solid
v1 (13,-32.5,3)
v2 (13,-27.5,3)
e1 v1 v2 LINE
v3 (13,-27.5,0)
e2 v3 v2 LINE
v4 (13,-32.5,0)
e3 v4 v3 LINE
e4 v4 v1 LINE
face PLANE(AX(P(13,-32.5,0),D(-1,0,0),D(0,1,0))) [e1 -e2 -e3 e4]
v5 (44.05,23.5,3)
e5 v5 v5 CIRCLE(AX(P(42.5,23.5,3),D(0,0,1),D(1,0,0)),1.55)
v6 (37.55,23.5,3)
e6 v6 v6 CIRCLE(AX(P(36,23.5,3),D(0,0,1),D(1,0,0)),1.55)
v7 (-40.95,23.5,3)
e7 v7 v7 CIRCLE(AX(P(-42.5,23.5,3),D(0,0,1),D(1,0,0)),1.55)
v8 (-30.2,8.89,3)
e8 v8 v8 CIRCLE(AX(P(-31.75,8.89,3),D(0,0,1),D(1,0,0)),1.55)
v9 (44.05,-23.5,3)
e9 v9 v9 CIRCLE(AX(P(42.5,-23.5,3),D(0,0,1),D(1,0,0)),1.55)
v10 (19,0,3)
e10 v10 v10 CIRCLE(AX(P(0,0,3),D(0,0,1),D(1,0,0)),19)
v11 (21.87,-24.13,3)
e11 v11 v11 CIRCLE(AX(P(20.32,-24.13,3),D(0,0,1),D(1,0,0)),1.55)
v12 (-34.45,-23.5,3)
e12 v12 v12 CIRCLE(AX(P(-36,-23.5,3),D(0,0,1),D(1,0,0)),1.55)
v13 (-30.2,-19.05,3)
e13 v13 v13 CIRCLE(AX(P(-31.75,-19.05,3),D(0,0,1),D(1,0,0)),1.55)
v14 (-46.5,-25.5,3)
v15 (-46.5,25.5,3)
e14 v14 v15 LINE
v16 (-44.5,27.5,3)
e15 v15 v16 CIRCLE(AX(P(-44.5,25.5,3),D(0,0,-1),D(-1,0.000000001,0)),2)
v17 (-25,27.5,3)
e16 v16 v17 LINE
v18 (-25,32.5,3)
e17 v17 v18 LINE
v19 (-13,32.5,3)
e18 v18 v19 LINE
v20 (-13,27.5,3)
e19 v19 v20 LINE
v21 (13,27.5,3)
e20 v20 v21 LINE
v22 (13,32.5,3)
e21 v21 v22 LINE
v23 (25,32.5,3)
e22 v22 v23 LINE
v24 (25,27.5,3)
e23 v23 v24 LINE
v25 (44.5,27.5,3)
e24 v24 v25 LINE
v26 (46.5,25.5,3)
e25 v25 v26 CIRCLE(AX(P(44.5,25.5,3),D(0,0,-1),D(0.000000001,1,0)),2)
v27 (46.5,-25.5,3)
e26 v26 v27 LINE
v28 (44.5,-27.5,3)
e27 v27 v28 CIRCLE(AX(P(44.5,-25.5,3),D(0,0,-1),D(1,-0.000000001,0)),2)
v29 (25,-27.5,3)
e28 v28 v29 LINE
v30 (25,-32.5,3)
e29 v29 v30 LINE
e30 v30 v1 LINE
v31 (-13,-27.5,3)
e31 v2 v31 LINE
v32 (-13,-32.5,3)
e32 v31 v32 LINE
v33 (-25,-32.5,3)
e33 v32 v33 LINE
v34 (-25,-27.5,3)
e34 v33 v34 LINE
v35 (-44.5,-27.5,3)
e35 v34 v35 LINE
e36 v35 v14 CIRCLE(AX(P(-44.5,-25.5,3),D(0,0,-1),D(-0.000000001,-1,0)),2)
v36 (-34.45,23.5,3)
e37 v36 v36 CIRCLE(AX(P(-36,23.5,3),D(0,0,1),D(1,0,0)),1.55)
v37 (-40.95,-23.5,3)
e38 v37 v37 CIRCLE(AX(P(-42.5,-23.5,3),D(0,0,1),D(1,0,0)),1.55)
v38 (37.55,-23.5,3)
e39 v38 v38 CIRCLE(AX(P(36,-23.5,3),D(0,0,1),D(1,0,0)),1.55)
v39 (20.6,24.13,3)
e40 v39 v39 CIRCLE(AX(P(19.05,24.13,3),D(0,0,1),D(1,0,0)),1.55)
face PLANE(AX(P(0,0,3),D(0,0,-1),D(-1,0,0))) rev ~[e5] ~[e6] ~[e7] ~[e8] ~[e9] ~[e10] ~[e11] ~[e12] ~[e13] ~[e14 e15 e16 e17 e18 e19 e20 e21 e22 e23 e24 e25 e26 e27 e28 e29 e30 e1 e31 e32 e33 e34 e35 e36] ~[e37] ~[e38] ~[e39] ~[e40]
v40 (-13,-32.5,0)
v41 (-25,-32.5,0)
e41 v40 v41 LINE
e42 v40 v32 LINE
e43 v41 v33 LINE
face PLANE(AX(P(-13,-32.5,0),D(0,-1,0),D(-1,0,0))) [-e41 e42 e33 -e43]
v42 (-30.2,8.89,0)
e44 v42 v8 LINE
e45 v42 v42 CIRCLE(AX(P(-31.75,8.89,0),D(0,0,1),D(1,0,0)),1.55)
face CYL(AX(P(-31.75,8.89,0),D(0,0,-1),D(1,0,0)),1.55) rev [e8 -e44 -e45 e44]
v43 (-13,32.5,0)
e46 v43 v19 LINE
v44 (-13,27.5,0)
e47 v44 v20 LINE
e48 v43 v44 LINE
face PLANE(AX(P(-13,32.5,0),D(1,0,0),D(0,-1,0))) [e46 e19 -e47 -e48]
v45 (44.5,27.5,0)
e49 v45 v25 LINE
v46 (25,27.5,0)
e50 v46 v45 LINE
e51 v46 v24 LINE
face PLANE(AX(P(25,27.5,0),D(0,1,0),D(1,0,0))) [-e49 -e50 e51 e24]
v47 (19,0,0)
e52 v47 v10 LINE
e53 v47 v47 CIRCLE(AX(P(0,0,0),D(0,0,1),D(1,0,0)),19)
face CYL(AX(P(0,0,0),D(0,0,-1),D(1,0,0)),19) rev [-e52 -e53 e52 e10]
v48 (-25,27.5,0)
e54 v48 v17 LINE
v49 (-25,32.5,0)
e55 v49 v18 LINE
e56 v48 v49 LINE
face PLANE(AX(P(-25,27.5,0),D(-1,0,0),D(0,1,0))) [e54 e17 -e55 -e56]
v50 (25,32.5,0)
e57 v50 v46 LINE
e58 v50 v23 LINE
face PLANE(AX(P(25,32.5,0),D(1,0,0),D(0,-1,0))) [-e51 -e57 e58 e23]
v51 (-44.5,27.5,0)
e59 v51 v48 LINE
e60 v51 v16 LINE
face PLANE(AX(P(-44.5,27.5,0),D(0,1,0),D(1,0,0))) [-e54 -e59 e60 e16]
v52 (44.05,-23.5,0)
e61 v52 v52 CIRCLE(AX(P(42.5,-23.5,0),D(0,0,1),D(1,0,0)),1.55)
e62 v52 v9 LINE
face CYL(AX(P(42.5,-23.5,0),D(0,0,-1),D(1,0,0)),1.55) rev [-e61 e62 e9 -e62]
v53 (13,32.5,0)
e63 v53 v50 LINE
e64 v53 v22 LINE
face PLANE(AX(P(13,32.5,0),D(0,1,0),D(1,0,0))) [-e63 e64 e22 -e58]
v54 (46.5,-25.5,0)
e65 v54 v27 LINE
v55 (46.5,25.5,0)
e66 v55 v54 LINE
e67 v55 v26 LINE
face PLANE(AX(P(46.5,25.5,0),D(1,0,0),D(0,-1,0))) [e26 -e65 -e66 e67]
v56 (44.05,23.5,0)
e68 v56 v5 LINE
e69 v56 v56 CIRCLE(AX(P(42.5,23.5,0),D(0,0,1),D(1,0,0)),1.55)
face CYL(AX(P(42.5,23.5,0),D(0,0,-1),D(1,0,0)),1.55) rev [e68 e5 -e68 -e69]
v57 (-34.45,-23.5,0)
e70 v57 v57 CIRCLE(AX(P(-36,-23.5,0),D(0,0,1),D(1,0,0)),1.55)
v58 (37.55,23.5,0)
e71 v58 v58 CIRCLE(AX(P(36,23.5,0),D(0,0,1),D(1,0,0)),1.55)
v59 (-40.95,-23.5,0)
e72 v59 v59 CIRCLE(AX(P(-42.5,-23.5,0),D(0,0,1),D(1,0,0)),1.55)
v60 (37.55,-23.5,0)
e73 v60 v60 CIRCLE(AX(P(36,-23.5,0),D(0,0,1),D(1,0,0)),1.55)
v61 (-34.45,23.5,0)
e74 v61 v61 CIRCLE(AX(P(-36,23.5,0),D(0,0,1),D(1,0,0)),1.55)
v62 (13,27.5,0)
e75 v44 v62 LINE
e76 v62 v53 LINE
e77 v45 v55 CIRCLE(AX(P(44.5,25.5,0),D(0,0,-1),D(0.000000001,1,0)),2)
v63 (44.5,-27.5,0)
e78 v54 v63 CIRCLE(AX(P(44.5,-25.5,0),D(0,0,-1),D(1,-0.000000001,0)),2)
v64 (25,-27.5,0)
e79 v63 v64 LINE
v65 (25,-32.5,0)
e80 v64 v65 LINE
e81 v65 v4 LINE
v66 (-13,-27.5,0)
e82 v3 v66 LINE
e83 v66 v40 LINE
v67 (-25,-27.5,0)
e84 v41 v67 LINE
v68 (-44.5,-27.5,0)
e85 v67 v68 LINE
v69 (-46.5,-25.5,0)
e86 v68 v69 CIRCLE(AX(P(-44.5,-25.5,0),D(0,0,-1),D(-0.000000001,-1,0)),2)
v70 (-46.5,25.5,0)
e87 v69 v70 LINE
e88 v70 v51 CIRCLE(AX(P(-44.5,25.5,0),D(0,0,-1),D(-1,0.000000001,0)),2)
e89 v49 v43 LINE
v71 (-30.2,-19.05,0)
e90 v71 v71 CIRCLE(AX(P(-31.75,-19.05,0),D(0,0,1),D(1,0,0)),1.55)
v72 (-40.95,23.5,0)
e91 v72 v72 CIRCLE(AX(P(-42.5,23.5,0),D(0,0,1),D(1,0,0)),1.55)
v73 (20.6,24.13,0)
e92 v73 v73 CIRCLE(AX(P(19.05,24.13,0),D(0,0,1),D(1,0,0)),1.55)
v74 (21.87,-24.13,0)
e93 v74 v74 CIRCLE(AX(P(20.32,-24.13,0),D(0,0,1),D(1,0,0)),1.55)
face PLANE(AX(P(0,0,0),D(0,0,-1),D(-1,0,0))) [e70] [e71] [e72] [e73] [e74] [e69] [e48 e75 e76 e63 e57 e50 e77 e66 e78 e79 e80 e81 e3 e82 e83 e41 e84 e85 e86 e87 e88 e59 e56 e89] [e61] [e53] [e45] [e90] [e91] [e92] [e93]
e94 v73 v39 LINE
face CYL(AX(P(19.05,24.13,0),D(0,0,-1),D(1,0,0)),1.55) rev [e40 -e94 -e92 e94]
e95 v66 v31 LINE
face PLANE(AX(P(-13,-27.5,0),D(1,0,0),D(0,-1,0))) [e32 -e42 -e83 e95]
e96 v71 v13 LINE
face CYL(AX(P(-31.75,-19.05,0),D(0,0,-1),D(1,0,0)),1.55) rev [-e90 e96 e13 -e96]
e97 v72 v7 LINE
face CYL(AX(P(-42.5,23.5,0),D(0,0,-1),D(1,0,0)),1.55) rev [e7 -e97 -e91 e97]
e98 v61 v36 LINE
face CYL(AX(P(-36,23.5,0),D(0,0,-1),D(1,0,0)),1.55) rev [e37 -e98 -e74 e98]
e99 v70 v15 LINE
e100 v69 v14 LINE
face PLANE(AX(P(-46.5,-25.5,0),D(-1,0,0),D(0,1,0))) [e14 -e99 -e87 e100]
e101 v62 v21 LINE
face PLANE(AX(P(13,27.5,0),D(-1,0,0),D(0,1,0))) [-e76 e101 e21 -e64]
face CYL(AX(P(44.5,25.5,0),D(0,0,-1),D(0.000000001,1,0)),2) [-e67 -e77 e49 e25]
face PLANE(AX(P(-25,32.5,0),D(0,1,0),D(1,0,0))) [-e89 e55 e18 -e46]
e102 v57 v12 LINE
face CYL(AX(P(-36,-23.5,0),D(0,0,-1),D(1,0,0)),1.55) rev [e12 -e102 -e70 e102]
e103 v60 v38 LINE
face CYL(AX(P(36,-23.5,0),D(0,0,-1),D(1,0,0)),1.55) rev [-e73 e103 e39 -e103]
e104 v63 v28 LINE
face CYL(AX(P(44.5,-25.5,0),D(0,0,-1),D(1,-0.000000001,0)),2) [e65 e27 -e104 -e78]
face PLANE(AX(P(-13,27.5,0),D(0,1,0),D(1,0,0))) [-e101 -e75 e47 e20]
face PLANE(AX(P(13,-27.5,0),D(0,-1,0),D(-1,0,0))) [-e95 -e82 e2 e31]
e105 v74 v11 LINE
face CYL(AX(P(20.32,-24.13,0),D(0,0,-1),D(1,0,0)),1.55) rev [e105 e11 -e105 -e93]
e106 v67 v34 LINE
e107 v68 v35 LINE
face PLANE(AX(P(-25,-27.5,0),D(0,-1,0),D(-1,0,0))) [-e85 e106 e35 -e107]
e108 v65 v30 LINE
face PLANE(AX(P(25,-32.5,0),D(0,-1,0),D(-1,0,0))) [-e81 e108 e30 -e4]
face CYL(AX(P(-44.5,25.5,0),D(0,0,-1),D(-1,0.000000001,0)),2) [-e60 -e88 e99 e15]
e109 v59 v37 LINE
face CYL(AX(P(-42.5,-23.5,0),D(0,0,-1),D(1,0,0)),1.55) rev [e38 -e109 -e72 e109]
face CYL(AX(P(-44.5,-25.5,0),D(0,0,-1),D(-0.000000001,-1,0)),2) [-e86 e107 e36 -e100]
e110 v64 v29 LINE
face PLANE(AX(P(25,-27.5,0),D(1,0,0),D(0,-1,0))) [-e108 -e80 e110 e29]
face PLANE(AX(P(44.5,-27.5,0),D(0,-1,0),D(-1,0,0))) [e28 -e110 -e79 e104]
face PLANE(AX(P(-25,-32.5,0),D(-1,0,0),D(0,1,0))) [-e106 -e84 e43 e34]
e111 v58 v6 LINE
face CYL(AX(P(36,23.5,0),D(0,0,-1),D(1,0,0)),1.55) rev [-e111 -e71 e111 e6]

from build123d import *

# Parameters (mm, degrees)
ESQUISSE1_R        = 19
ESQUISSE1_R_2      = 1.55
BOSS_EXTRU_1_DEPTH = 3


with BuildPart() as part:
    # Esquisse1 → Boss.-Extru.1 (new body)
    with BuildSketch(Plane.XY):
        with BuildLine():
            Line((-25, -32.5), (-25, -27.5))
            Line((-25, -27.5), (-44.5, -27.5))
            ThreePointArc((-44.5, -27.5), (-45.914213562, -26.914213562), (-46.5, -25.5))
            Line((-46.5, -25.5), (-46.5, 25.5))
            ThreePointArc((-46.5, 25.5), (-45.914213562, 26.914213562), (-44.5, 27.5))
            Line((-44.5, 27.5), (-25, 27.5))
            Line((-25, 27.5), (-25, 32.5))
            Line((-25, 32.5), (-13, 32.5))
            Line((-13, 32.5), (-13, 27.5))
            Line((-13, 27.5), (13, 27.5))
            Line((13, 27.5), (13, 32.5))
            Line((13, 32.5), (25, 32.5))
            Line((25, 32.5), (25, 27.5))
            Line((25, 27.5), (44.5, 27.5))
            ThreePointArc((44.5, 27.5), (45.914213562, 26.914213562), (46.5, 25.5))
            Line((46.5, 25.5), (46.5, -25.5))
            ThreePointArc((46.5, -25.5), (45.914213562, -26.914213562), (44.5, -27.5))
            Line((44.5, -27.5), (25, -27.5))
            Line((25, -27.5), (25, -32.5))
            Line((25, -32.5), (13, -32.5))
            Line((13, -32.5), (13, -27.5))
            Line((13, -27.5), (-13, -27.5))
            Line((-13, -27.5), (-13, -32.5))
            Line((-13, -32.5), (-25, -32.5))
        make_face()
        Circle(ESQUISSE1_R, mode=Mode.SUBTRACT)
        with Locations((-42.5, 23.5)):
            Circle(ESQUISSE1_R_2, mode=Mode.SUBTRACT)
        with Locations((-36, 23.5)):
            Circle(ESQUISSE1_R_2, mode=Mode.SUBTRACT)
        with Locations((-31.75, 8.89)):
            Circle(ESQUISSE1_R_2, mode=Mode.SUBTRACT)
        with Locations((-31.75, -19.05)):
            Circle(ESQUISSE1_R_2, mode=Mode.SUBTRACT)
        with Locations((-36, -23.5)):
            Circle(ESQUISSE1_R_2, mode=Mode.SUBTRACT)
        with Locations((-42.5, -23.5)):
            Circle(ESQUISSE1_R_2, mode=Mode.SUBTRACT)
        with Locations((19.05, 24.13)):
            Circle(ESQUISSE1_R_2, mode=Mode.SUBTRACT)
        with Locations((36, 23.5)):
            Circle(ESQUISSE1_R_2, mode=Mode.SUBTRACT)
        with Locations((42.5, 23.5)):
            Circle(ESQUISSE1_R_2, mode=Mode.SUBTRACT)
        with Locations((42.5, -23.5)):
            Circle(ESQUISSE1_R_2, mode=Mode.SUBTRACT)
        with Locations((36, -23.5)):
            Circle(ESQUISSE1_R_2, mode=Mode.SUBTRACT)
        with Locations((20.32, -24.13)):
            Circle(ESQUISSE1_R_2, mode=Mode.SUBTRACT)
    extrude(amount=BOSS_EXTRU_1_DEPTH)


solid = part.part
